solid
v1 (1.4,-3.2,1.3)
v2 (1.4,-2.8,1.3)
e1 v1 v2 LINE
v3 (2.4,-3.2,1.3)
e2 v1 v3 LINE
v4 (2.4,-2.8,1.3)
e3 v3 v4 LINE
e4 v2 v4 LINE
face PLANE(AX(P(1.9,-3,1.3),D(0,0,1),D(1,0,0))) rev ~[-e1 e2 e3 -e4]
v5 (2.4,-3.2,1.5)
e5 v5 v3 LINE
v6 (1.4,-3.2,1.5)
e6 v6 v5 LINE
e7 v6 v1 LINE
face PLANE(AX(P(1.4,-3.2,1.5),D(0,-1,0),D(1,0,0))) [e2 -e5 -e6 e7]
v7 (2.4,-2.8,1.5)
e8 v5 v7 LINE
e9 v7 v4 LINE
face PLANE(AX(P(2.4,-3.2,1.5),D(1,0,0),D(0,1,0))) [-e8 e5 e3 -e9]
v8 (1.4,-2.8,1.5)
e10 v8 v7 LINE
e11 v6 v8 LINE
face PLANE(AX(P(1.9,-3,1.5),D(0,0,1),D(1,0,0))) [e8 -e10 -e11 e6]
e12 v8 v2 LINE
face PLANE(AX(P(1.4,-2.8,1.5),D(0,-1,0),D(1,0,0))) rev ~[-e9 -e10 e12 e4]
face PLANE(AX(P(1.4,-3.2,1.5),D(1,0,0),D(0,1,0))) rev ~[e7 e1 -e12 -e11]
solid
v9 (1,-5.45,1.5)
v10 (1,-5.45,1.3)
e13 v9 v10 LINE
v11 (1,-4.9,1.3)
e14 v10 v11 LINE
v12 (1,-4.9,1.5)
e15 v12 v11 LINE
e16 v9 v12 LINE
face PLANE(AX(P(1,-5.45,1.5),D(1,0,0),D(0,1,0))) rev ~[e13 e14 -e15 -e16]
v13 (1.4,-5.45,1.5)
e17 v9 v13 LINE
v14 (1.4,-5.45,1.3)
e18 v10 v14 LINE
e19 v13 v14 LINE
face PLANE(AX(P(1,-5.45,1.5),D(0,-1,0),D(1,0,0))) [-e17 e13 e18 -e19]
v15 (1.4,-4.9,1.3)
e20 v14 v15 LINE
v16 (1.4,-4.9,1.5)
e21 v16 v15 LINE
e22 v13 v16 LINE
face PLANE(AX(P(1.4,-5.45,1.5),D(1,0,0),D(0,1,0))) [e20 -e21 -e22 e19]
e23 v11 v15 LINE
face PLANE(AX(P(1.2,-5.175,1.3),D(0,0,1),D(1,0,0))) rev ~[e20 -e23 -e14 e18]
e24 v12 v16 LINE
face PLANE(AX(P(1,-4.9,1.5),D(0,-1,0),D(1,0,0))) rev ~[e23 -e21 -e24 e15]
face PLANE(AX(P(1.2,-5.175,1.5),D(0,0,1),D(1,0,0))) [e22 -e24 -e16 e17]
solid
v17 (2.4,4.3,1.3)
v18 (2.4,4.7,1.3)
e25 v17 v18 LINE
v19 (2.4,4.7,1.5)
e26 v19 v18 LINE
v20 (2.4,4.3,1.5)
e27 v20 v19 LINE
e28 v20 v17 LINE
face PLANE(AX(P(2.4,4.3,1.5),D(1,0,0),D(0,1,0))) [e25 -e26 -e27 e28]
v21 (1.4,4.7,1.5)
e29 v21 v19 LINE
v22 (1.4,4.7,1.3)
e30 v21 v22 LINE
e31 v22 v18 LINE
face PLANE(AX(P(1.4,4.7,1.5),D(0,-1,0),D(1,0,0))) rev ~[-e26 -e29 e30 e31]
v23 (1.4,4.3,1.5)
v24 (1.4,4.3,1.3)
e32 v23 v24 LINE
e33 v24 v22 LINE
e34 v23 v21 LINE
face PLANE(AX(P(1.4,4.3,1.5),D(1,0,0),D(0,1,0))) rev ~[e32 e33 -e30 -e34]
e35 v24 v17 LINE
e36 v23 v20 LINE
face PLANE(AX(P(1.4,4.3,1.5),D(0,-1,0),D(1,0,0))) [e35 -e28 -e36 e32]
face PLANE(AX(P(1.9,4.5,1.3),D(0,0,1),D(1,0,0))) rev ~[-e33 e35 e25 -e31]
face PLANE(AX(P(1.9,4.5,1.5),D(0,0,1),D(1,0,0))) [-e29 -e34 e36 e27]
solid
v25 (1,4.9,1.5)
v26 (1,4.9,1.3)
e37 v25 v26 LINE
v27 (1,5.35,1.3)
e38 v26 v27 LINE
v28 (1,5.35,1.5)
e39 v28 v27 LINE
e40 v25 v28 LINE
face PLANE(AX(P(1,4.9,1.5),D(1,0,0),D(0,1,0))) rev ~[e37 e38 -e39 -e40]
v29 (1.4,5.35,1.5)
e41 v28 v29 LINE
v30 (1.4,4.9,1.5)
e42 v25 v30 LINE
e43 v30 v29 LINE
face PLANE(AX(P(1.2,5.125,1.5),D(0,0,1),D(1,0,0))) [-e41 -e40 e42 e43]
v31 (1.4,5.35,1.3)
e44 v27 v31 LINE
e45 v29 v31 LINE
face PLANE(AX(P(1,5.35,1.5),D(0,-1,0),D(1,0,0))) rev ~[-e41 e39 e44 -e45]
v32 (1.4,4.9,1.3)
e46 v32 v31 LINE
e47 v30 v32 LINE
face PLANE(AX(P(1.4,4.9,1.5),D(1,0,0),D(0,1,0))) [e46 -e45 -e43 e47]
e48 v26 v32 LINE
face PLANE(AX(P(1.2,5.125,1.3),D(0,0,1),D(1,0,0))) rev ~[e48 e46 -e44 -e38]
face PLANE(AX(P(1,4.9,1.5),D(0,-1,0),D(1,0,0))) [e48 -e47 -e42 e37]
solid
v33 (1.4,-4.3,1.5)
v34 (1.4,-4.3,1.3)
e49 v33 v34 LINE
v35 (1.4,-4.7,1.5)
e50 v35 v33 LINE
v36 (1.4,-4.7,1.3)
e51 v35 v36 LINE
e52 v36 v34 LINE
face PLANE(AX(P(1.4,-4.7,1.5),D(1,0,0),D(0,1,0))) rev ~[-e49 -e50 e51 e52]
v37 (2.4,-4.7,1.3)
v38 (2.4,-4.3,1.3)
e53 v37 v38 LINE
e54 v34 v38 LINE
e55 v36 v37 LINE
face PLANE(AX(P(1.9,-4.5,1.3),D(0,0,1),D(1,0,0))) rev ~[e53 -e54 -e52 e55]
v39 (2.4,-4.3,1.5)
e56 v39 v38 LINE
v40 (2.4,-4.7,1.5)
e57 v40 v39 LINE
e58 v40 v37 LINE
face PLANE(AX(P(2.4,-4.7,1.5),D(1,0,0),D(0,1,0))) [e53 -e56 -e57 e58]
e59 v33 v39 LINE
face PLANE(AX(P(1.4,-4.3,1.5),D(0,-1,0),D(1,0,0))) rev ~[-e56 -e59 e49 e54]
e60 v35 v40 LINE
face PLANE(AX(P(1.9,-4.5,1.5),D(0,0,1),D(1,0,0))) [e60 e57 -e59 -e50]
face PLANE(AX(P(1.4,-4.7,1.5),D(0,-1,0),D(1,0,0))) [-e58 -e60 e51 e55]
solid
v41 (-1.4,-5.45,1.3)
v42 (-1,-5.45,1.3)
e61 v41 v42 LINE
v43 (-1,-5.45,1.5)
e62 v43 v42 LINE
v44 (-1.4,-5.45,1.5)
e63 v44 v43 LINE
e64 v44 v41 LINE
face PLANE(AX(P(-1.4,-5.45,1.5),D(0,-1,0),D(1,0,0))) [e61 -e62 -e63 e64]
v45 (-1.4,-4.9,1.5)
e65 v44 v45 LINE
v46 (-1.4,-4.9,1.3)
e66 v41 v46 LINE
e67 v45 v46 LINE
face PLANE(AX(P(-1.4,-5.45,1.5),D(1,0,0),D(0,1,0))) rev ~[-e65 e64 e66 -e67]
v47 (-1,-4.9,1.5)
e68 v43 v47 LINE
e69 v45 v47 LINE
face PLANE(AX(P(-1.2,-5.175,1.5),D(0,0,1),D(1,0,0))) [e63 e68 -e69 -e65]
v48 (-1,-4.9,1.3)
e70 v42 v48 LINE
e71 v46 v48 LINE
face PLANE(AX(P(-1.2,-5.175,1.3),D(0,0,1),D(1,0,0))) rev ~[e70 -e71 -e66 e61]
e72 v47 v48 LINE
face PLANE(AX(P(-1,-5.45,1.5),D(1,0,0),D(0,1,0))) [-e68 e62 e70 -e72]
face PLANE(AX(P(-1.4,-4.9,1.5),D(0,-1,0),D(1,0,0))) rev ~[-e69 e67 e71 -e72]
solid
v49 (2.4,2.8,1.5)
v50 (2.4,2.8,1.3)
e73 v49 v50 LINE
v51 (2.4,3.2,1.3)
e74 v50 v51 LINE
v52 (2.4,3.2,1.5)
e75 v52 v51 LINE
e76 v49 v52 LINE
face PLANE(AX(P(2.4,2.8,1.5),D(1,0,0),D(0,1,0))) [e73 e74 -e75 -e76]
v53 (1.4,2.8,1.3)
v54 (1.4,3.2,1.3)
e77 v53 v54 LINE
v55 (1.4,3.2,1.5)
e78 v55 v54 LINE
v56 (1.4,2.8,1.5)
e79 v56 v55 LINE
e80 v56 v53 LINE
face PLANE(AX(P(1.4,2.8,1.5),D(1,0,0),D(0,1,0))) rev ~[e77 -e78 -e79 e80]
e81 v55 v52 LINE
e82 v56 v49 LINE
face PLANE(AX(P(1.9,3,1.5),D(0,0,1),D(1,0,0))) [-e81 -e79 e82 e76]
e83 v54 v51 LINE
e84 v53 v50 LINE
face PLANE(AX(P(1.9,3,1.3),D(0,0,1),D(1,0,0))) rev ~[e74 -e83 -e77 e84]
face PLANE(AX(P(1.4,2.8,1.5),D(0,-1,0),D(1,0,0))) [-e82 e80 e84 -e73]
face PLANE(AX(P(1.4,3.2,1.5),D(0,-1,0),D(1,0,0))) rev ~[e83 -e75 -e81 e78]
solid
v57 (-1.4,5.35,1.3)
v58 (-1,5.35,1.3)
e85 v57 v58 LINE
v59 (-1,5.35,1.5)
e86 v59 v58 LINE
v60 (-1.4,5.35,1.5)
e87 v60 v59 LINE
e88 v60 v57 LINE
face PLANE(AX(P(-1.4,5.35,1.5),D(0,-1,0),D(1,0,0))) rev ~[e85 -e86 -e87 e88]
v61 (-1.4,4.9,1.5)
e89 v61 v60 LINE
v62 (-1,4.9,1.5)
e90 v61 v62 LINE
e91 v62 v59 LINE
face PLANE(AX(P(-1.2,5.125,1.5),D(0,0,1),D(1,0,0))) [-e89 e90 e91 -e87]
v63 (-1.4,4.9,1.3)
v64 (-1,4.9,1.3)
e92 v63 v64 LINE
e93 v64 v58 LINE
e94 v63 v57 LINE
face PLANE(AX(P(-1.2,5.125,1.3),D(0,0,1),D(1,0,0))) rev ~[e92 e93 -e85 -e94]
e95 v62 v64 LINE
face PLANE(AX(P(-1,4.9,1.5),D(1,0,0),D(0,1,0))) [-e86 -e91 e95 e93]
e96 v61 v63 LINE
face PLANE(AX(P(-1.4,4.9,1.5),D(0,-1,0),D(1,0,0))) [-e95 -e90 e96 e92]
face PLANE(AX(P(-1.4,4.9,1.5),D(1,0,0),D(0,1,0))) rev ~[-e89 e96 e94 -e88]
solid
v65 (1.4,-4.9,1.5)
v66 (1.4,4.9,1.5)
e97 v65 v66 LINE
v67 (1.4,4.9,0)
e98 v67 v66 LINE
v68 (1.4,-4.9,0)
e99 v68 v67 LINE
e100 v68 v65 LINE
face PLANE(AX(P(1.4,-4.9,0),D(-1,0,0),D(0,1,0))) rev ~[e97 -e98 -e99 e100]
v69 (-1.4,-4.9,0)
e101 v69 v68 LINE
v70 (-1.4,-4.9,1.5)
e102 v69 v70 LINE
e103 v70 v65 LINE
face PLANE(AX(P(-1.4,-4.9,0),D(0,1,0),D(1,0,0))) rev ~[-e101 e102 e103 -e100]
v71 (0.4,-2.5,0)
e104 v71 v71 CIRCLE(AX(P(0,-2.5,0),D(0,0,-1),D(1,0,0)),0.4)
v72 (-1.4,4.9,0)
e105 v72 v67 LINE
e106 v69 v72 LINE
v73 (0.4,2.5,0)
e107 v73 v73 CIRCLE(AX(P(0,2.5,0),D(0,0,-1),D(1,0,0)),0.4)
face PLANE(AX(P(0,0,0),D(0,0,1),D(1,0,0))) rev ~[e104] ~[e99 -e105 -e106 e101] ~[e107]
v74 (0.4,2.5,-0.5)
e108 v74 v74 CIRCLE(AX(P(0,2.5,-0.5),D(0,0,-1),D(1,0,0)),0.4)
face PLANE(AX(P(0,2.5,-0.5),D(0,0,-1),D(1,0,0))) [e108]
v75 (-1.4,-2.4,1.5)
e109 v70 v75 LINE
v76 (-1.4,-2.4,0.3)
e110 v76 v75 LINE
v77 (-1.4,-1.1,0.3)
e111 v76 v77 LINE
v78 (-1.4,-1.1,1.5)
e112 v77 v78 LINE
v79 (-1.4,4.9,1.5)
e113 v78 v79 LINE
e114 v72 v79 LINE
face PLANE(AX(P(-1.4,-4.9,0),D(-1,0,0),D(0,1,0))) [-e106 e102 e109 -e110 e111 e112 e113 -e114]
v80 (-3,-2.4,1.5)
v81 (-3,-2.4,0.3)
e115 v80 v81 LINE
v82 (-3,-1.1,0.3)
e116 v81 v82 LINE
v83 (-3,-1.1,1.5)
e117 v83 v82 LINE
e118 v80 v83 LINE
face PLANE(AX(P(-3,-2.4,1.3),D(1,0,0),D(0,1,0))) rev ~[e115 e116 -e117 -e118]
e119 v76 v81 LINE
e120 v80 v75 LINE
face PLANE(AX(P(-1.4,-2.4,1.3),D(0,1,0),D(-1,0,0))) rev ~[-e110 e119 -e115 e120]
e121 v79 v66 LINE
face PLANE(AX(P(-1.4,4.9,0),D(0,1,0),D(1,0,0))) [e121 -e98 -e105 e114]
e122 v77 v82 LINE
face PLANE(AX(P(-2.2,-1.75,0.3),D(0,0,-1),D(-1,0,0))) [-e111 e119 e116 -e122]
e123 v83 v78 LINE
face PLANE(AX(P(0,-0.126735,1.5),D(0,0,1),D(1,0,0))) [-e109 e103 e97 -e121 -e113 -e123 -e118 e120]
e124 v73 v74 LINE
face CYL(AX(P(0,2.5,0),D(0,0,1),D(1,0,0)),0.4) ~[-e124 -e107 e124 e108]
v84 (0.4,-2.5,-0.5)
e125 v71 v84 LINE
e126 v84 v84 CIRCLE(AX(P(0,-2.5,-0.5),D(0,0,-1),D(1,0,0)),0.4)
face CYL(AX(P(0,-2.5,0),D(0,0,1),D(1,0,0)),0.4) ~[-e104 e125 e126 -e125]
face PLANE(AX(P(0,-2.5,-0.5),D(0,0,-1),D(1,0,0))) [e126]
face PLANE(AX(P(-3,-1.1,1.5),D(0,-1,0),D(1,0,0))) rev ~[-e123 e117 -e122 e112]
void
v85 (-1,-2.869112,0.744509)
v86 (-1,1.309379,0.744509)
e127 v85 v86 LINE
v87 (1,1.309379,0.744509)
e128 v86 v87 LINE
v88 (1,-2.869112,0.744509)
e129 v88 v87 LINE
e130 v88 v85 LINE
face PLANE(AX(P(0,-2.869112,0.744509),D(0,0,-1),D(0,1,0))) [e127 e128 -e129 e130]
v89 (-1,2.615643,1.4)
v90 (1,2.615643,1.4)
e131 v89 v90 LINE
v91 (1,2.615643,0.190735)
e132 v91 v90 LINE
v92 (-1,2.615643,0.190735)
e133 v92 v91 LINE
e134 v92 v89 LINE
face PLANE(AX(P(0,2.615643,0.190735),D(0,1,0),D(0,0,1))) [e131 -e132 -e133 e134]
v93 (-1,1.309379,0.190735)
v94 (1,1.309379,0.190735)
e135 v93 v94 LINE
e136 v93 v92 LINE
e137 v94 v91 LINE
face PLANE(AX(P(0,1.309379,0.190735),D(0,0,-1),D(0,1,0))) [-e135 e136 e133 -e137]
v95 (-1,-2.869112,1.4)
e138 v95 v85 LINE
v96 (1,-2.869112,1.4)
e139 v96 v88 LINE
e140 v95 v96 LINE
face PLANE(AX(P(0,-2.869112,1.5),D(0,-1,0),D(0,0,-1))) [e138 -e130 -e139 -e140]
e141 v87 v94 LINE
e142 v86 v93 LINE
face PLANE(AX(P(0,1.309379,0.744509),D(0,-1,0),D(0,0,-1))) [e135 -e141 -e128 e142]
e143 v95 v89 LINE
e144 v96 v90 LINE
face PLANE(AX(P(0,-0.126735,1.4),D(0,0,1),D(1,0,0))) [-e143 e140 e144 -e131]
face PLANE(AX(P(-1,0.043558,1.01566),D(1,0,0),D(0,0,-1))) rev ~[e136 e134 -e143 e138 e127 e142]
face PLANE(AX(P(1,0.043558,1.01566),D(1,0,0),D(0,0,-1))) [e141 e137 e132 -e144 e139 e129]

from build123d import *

# Parameters (mm, degrees)
SKETCH1_W             = 2.8
SKETCH1_H             = 9.8
BOSS_EXTRUDE1_DEPTH   = 1.5
SKETCH2_W             = 1
SKETCH2_H             = 0.4
BOSS_EXTRUDE2_DEPTH   = 0.2
BOSS_EXTRUDE2_2_DEPTH = 0.2
BOSS_EXTRUDE2_3_DEPTH = 0.2
BOSS_EXTRUDE2_4_DEPTH = 0.2
SKETCH2_W_2           = 1.6
SKETCH2_H_2           = 1.3
BOSS_EXTRUDE2_5_DEPTH = 0.2
SKETCH2_W_3           = 0.4
SKETCH2_H_3           = 0.55
BOSS_EXTRUDE2_6_DEPTH = 0.2
BOSS_EXTRUDE2_7_DEPTH = 0.2
SKETCH2_H_4           = 0.45
BOSS_EXTRUDE2_8_DEPTH = 0.2
BOSS_EXTRUDE2_9_DEPTH = 0.2
SKETCH3_R             = 0.4
BOSS_EXTRUDE3_DEPTH   = 0.5
CUT_EXTRUDE1_DEPTH    = 1
SKETCH5_W             = 1.6
SKETCH5_H             = 1.3
BOSS_EXTRUDE4_DEPTH   = 1
SKETCH6_W             = 2
SKETCH6_H             = 5.484754905
BOSS_EXTRUDE5_DEPTH   = 0.1


with BuildPart() as part:
    # Sketch1 → Boss-Extrude1 (new body)
    with BuildSketch(Plane.XY):
        Rectangle(SKETCH1_W, SKETCH1_H)
    extrude(amount=BOSS_EXTRUDE1_DEPTH)

    # Sketch3 → Boss-Extrude3 (add)
    with BuildSketch(Plane(origin=(0, 0, 0), x_dir=(-1, 0, 0), z_dir=(0, 0, -1))):
        with Locations(Location((0, -2.5, 0), (0, 0, 180))):
            Circle(SKETCH3_R)
        with Locations(Location((0, 2.5, 0), (0, 0, 180))):
            Circle(SKETCH3_R)
    extrude(amount=BOSS_EXTRUDE3_DEPTH)

    # Sketch4 → Cut-Extrude1 (cut, symmetric)
    with BuildSketch(Plane(origin=(0, 0, 0), x_dir=(0, 0, -1), z_dir=(1, 0, 0))):
        Polygon((-1.23487483, -2.869112244), (-0.744508889, -2.869112244), (-0.744508889, 1.309379028), (-0.190734918, 1.309379028), (-0.190734918, 2.615642661), (-1.23487483, 2.615642661), (-1.5, 2.615642661), (-1.5, -2.869112244), align=None)
    extrude(amount=CUT_EXTRUDE1_DEPTH, both=True, mode=Mode.SUBTRACT)



with BuildPart() as body_2:
    # Sketch2 → Boss-Extrude2 (new body)
    with BuildSketch(Plane.XY.offset(1.5)):
        with Locations((1.9, -4.5)):
            Rectangle(SKETCH2_W, SKETCH2_H)
    extrude(amount=-BOSS_EXTRUDE2_DEPTH)


with BuildPart() as body_3:
    # Sketch2 → Boss-Extrude2 2 (new body)
    with BuildSketch(Plane.XY.offset(1.5)):
        with Locations((1.9, -3)):
            Rectangle(SKETCH2_W, SKETCH2_H)
    extrude(amount=-BOSS_EXTRUDE2_2_DEPTH)


with BuildPart() as body_4:
    # Sketch2 → Boss-Extrude2 3 (new body)
    with BuildSketch(Plane.XY.offset(1.5)):
        with Locations((1.9, 3)):
            Rectangle(SKETCH2_W, SKETCH2_H)
    extrude(amount=-BOSS_EXTRUDE2_3_DEPTH)


with BuildPart() as body_5:
    # Sketch2 → Boss-Extrude2 4 (new body)
    with BuildSketch(Plane.XY.offset(1.5)):
        with Locations((1.9, 4.5)):
            Rectangle(SKETCH2_W, SKETCH2_H)
    extrude(amount=-BOSS_EXTRUDE2_4_DEPTH)


with BuildPart() as body_6:
    # Sketch2 → Boss-Extrude2 5 (new body)
    with BuildSketch(Plane.XY.offset(1.5)):
        with Locations((-2.2, -1.75)):
            Rectangle(SKETCH2_W_2, SKETCH2_H_2)
    extrude(amount=-BOSS_EXTRUDE2_5_DEPTH)


with BuildPart() as body_7:
    # Sketch2 → Boss-Extrude2 6 (new body)
    with BuildSketch(Plane.XY.offset(1.5)):
        with Locations((-1.2, -5.175)):
            Rectangle(SKETCH2_W_3, SKETCH2_H_3)
    extrude(amount=-BOSS_EXTRUDE2_6_DEPTH)


with BuildPart() as body_8:
    # Sketch2 → Boss-Extrude2 7 (new body)
    with BuildSketch(Plane.XY.offset(1.5)):
        with Locations((1.2, -5.175)):
            Rectangle(SKETCH2_W_3, SKETCH2_H_3)
    extrude(amount=-BOSS_EXTRUDE2_7_DEPTH)


with BuildPart() as body_9:
    # Sketch2 → Boss-Extrude2 8 (new body)
    with BuildSketch(Plane.XY.offset(1.5)):
        with Locations((-1.2, 5.125)):
            Rectangle(SKETCH2_W_3, SKETCH2_H_4)
    extrude(amount=-BOSS_EXTRUDE2_8_DEPTH)


with BuildPart() as body_10:
    # Sketch2 → Boss-Extrude2 9 (new body)
    with BuildSketch(Plane.XY.offset(1.5)):
        with Locations((1.2, 5.125)):
            Rectangle(SKETCH2_W_3, SKETCH2_H_4)
    extrude(amount=-BOSS_EXTRUDE2_9_DEPTH)


with BuildPart() as part_1:
    add(part.part)

    add(body_6.part)  # Boss-Extrude4 merges body 6
    # Sketch5 → Boss-Extrude4 (add)
    with BuildSketch(Plane(origin=(0, 0, 1.3), x_dir=(-1, 0, 0), z_dir=(0, 0, -1))):
        with Locations((2.2, -1.75)):
            Rectangle(SKETCH5_W, SKETCH5_H)
    extrude(amount=BOSS_EXTRUDE4_DEPTH)

    # Sketch6 → Boss-Extrude5 (add)
    with BuildSketch(Plane.XY.offset(1.5)):
        with Locations((0, -0.126734791)):
            Rectangle(SKETCH6_W, SKETCH6_H)
    extrude(amount=-BOSS_EXTRUDE5_DEPTH)


solid = Compound([body_2.part, body_3.part, body_4.part, body_5.part, body_7.part, body_8.part, body_9.part, body_10.part, part_1.part])
